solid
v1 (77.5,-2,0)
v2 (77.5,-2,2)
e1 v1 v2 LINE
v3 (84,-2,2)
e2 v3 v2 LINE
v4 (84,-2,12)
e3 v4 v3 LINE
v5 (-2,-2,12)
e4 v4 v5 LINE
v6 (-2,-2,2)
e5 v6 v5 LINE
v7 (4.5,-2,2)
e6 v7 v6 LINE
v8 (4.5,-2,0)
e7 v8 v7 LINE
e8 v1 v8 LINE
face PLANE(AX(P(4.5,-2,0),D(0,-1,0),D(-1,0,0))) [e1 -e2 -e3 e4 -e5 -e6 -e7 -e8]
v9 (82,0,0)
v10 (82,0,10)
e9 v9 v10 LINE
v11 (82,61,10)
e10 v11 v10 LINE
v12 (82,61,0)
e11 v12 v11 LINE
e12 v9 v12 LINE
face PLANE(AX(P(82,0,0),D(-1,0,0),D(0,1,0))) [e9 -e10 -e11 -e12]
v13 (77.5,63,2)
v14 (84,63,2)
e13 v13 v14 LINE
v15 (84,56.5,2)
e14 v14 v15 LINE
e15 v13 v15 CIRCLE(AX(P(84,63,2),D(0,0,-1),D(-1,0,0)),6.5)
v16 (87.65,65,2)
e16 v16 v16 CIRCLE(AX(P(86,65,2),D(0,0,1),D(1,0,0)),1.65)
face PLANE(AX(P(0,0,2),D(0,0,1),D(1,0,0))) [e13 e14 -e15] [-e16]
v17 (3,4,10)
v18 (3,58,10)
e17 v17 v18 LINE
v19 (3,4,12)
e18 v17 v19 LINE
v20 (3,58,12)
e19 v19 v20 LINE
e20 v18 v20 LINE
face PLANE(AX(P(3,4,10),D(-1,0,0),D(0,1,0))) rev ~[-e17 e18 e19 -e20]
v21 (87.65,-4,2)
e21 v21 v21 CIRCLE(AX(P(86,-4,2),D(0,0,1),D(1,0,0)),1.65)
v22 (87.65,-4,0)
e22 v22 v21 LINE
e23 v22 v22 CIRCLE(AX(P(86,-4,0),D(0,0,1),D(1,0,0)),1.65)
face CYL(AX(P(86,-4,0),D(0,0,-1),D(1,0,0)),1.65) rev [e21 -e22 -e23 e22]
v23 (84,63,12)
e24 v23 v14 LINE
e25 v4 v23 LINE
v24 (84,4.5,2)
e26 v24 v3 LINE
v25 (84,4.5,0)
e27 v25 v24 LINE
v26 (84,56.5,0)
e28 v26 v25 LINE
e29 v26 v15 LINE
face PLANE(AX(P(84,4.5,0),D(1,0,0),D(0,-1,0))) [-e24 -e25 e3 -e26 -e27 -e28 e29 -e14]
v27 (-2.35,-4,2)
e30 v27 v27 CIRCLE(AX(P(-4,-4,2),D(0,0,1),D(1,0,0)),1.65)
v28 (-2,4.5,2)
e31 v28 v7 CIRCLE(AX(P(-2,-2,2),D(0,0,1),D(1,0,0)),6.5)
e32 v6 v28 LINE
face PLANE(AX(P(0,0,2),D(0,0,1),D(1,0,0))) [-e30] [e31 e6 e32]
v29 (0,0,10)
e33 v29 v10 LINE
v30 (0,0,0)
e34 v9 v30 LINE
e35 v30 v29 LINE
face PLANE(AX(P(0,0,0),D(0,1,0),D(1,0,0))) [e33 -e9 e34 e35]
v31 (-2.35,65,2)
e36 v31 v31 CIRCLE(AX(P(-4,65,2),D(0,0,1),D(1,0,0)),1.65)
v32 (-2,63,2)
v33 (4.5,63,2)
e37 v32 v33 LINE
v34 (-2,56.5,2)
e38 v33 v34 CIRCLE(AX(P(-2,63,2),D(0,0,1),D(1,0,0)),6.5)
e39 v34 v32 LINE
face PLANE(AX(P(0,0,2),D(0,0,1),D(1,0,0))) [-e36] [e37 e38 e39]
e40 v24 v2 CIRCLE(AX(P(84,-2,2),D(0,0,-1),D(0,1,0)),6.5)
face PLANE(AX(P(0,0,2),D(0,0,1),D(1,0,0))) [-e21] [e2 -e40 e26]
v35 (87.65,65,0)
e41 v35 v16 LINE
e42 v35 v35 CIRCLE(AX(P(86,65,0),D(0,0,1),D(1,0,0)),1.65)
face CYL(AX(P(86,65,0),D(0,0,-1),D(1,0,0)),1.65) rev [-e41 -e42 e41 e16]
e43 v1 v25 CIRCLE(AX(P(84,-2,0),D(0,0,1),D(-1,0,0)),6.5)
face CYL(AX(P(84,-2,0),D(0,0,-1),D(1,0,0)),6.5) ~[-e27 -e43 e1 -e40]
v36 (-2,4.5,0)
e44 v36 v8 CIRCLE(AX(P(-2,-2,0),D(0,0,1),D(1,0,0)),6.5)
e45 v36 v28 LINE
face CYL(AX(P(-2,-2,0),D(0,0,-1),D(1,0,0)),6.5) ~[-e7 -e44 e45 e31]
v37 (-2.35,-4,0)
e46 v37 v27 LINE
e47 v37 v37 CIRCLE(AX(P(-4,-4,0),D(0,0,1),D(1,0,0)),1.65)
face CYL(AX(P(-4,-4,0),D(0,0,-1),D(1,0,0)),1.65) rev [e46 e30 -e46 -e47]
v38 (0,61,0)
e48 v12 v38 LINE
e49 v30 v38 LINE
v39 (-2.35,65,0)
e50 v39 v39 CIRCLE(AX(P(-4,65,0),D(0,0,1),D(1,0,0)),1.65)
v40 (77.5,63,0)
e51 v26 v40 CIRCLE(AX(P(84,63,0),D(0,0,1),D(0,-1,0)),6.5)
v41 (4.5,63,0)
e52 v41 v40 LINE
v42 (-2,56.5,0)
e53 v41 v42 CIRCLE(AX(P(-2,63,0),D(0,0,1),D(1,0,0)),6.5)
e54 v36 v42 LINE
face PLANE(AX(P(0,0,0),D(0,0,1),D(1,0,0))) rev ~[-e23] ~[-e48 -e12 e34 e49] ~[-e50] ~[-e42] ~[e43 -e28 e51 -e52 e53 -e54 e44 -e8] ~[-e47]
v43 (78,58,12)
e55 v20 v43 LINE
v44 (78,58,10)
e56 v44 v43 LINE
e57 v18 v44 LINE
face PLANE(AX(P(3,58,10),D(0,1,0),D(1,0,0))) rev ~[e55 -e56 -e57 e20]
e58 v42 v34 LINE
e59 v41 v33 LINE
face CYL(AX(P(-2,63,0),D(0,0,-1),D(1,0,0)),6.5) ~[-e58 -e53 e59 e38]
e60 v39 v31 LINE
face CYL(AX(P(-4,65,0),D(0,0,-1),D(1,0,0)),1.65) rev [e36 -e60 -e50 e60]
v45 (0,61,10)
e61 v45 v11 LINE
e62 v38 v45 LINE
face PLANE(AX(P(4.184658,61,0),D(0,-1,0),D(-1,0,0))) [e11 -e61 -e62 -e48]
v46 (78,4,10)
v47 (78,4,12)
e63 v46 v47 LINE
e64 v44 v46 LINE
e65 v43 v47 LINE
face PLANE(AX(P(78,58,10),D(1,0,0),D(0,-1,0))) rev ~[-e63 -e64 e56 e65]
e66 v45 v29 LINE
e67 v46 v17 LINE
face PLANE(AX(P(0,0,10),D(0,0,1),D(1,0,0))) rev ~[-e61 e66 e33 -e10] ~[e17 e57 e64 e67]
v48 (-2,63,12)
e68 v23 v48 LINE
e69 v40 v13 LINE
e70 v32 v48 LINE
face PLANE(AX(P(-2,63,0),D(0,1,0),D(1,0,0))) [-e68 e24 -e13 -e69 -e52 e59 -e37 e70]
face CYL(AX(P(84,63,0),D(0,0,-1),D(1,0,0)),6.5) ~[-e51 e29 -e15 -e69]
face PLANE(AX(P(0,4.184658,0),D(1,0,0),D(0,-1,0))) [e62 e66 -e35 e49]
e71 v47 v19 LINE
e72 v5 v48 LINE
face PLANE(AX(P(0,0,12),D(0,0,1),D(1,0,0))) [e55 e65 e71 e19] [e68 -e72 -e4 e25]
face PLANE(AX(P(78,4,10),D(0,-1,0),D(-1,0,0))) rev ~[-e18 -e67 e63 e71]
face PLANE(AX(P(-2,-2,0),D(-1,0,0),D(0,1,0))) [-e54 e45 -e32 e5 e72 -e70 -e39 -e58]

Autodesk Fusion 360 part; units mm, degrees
sketch "Sketch1" plane through (0, 0, 0) normal (0, 0, 1) x (1, 0, 0)
  line L0 (0, 0) -> (82, 0)
  line L1 (82, 0) -> (82, 61)
  line L2 (82, 61) -> (0, 61)
  line L3 (0, 61) -> (0, 0)
  line L4 (-2, 63) -> (84, 63)
  line L5 (84, 63) -> (84, -2)
  line L6 (84, -2) -> (-2, -2)
  line L7 (-2, -2) -> (-2, 63)
  circle A0 centre (-2, -2) radius 6.5
  circle A1 centre (-2, 63) radius 6.5
  circle A2 centre (84, 63) radius 6.5
  circle A3 centre (84, -2) radius 6.5
  circle A4 centre (-4, -4) radius 1.65
  circle A5 centre (-4, 65) radius 1.65
  circle A6 centre (86, 65) radius 1.65
  circle A7 centre (86, -4) radius 1.65
  line L8 (3, 58) -> (78, 58)
  line L9 (78, 58) -> (78, 4)
  line L10 (78, 4) -> (3, 4)
  line L11 (3, 4) -> (3, 58)
  dimension "d1" = 61
  dimension "d2" = 82
  dimension "d3" = 2
  dimension "d4" = 2
  dimension "d5" = 2
  dimension "d6" = 2
  dimension "d7" = 13
  dimension "d8" = 13
  dimension "d9" = 13
  dimension "d10" = 13
  dimension "d11" = 3.3
  dimension "d12" = 2
  dimension "d13" = 2
  dimension "d14" = 3.3
  dimension "d15" = 2
  dimension "d16" = 2
  dimension "d17" = 3.3
  dimension "d18" = 2
  dimension "d19" = 2
  dimension "d20" = 3.3
  dimension "d21" = 2
  dimension "d22" = 2
  dimension "d23" = 3
  dimension "d24" = 4
  dimension "d25" = 3
  dimension "d26" = 4
extrude "Extrude1" add sketch "Sketch1" along normal blind 2 contours L6 L7 A0 | L5 L6 A3 | L4 L7 A1 | L4 L5 A2 makes body 1 at (85.5519, 61.1596, 2) makes body 2 at (85.5519, -0.1596, 0) makes body 3 at (-3.5519, 61.1596, 0) makes body 4 at (-3.5519, -0.1596, 0)
extrude "Extrude2" add sketch "Sketch1" along normal blind 10 contours L0 L3 L6 L7 A0 | L0 L6 A0 A3 | L3 L7 A0 A1 | L0 L1 L5 L6 A3 | L2 L3 L4 L7 A1 | L1 L5 A2 A3 | L2 L4 A1 A2 | L1 L2 L4 L5 A2 bodies 1 2 3 4
extrude "Extrude3" add sketch "Sketch1" along normal blind 2 from surface at 10 contours L0 L3 A0 | L0 L3 L6 L7 A0 | L0 L1 L2 L3 A0 A1 A2 A3 | L0 L6 A0 A3 | L3 L7 A0 A1 | L0 L1 A3 | L0 L1 L5 L6 A3 | L2 L3 L4 L7 A1 | L2 L3 A1 | L1 L5 A2 A3 | L2 L4 A1 A2 | L1 L2 A2 | L1 L2 L4 L5 A2 bodies 1
